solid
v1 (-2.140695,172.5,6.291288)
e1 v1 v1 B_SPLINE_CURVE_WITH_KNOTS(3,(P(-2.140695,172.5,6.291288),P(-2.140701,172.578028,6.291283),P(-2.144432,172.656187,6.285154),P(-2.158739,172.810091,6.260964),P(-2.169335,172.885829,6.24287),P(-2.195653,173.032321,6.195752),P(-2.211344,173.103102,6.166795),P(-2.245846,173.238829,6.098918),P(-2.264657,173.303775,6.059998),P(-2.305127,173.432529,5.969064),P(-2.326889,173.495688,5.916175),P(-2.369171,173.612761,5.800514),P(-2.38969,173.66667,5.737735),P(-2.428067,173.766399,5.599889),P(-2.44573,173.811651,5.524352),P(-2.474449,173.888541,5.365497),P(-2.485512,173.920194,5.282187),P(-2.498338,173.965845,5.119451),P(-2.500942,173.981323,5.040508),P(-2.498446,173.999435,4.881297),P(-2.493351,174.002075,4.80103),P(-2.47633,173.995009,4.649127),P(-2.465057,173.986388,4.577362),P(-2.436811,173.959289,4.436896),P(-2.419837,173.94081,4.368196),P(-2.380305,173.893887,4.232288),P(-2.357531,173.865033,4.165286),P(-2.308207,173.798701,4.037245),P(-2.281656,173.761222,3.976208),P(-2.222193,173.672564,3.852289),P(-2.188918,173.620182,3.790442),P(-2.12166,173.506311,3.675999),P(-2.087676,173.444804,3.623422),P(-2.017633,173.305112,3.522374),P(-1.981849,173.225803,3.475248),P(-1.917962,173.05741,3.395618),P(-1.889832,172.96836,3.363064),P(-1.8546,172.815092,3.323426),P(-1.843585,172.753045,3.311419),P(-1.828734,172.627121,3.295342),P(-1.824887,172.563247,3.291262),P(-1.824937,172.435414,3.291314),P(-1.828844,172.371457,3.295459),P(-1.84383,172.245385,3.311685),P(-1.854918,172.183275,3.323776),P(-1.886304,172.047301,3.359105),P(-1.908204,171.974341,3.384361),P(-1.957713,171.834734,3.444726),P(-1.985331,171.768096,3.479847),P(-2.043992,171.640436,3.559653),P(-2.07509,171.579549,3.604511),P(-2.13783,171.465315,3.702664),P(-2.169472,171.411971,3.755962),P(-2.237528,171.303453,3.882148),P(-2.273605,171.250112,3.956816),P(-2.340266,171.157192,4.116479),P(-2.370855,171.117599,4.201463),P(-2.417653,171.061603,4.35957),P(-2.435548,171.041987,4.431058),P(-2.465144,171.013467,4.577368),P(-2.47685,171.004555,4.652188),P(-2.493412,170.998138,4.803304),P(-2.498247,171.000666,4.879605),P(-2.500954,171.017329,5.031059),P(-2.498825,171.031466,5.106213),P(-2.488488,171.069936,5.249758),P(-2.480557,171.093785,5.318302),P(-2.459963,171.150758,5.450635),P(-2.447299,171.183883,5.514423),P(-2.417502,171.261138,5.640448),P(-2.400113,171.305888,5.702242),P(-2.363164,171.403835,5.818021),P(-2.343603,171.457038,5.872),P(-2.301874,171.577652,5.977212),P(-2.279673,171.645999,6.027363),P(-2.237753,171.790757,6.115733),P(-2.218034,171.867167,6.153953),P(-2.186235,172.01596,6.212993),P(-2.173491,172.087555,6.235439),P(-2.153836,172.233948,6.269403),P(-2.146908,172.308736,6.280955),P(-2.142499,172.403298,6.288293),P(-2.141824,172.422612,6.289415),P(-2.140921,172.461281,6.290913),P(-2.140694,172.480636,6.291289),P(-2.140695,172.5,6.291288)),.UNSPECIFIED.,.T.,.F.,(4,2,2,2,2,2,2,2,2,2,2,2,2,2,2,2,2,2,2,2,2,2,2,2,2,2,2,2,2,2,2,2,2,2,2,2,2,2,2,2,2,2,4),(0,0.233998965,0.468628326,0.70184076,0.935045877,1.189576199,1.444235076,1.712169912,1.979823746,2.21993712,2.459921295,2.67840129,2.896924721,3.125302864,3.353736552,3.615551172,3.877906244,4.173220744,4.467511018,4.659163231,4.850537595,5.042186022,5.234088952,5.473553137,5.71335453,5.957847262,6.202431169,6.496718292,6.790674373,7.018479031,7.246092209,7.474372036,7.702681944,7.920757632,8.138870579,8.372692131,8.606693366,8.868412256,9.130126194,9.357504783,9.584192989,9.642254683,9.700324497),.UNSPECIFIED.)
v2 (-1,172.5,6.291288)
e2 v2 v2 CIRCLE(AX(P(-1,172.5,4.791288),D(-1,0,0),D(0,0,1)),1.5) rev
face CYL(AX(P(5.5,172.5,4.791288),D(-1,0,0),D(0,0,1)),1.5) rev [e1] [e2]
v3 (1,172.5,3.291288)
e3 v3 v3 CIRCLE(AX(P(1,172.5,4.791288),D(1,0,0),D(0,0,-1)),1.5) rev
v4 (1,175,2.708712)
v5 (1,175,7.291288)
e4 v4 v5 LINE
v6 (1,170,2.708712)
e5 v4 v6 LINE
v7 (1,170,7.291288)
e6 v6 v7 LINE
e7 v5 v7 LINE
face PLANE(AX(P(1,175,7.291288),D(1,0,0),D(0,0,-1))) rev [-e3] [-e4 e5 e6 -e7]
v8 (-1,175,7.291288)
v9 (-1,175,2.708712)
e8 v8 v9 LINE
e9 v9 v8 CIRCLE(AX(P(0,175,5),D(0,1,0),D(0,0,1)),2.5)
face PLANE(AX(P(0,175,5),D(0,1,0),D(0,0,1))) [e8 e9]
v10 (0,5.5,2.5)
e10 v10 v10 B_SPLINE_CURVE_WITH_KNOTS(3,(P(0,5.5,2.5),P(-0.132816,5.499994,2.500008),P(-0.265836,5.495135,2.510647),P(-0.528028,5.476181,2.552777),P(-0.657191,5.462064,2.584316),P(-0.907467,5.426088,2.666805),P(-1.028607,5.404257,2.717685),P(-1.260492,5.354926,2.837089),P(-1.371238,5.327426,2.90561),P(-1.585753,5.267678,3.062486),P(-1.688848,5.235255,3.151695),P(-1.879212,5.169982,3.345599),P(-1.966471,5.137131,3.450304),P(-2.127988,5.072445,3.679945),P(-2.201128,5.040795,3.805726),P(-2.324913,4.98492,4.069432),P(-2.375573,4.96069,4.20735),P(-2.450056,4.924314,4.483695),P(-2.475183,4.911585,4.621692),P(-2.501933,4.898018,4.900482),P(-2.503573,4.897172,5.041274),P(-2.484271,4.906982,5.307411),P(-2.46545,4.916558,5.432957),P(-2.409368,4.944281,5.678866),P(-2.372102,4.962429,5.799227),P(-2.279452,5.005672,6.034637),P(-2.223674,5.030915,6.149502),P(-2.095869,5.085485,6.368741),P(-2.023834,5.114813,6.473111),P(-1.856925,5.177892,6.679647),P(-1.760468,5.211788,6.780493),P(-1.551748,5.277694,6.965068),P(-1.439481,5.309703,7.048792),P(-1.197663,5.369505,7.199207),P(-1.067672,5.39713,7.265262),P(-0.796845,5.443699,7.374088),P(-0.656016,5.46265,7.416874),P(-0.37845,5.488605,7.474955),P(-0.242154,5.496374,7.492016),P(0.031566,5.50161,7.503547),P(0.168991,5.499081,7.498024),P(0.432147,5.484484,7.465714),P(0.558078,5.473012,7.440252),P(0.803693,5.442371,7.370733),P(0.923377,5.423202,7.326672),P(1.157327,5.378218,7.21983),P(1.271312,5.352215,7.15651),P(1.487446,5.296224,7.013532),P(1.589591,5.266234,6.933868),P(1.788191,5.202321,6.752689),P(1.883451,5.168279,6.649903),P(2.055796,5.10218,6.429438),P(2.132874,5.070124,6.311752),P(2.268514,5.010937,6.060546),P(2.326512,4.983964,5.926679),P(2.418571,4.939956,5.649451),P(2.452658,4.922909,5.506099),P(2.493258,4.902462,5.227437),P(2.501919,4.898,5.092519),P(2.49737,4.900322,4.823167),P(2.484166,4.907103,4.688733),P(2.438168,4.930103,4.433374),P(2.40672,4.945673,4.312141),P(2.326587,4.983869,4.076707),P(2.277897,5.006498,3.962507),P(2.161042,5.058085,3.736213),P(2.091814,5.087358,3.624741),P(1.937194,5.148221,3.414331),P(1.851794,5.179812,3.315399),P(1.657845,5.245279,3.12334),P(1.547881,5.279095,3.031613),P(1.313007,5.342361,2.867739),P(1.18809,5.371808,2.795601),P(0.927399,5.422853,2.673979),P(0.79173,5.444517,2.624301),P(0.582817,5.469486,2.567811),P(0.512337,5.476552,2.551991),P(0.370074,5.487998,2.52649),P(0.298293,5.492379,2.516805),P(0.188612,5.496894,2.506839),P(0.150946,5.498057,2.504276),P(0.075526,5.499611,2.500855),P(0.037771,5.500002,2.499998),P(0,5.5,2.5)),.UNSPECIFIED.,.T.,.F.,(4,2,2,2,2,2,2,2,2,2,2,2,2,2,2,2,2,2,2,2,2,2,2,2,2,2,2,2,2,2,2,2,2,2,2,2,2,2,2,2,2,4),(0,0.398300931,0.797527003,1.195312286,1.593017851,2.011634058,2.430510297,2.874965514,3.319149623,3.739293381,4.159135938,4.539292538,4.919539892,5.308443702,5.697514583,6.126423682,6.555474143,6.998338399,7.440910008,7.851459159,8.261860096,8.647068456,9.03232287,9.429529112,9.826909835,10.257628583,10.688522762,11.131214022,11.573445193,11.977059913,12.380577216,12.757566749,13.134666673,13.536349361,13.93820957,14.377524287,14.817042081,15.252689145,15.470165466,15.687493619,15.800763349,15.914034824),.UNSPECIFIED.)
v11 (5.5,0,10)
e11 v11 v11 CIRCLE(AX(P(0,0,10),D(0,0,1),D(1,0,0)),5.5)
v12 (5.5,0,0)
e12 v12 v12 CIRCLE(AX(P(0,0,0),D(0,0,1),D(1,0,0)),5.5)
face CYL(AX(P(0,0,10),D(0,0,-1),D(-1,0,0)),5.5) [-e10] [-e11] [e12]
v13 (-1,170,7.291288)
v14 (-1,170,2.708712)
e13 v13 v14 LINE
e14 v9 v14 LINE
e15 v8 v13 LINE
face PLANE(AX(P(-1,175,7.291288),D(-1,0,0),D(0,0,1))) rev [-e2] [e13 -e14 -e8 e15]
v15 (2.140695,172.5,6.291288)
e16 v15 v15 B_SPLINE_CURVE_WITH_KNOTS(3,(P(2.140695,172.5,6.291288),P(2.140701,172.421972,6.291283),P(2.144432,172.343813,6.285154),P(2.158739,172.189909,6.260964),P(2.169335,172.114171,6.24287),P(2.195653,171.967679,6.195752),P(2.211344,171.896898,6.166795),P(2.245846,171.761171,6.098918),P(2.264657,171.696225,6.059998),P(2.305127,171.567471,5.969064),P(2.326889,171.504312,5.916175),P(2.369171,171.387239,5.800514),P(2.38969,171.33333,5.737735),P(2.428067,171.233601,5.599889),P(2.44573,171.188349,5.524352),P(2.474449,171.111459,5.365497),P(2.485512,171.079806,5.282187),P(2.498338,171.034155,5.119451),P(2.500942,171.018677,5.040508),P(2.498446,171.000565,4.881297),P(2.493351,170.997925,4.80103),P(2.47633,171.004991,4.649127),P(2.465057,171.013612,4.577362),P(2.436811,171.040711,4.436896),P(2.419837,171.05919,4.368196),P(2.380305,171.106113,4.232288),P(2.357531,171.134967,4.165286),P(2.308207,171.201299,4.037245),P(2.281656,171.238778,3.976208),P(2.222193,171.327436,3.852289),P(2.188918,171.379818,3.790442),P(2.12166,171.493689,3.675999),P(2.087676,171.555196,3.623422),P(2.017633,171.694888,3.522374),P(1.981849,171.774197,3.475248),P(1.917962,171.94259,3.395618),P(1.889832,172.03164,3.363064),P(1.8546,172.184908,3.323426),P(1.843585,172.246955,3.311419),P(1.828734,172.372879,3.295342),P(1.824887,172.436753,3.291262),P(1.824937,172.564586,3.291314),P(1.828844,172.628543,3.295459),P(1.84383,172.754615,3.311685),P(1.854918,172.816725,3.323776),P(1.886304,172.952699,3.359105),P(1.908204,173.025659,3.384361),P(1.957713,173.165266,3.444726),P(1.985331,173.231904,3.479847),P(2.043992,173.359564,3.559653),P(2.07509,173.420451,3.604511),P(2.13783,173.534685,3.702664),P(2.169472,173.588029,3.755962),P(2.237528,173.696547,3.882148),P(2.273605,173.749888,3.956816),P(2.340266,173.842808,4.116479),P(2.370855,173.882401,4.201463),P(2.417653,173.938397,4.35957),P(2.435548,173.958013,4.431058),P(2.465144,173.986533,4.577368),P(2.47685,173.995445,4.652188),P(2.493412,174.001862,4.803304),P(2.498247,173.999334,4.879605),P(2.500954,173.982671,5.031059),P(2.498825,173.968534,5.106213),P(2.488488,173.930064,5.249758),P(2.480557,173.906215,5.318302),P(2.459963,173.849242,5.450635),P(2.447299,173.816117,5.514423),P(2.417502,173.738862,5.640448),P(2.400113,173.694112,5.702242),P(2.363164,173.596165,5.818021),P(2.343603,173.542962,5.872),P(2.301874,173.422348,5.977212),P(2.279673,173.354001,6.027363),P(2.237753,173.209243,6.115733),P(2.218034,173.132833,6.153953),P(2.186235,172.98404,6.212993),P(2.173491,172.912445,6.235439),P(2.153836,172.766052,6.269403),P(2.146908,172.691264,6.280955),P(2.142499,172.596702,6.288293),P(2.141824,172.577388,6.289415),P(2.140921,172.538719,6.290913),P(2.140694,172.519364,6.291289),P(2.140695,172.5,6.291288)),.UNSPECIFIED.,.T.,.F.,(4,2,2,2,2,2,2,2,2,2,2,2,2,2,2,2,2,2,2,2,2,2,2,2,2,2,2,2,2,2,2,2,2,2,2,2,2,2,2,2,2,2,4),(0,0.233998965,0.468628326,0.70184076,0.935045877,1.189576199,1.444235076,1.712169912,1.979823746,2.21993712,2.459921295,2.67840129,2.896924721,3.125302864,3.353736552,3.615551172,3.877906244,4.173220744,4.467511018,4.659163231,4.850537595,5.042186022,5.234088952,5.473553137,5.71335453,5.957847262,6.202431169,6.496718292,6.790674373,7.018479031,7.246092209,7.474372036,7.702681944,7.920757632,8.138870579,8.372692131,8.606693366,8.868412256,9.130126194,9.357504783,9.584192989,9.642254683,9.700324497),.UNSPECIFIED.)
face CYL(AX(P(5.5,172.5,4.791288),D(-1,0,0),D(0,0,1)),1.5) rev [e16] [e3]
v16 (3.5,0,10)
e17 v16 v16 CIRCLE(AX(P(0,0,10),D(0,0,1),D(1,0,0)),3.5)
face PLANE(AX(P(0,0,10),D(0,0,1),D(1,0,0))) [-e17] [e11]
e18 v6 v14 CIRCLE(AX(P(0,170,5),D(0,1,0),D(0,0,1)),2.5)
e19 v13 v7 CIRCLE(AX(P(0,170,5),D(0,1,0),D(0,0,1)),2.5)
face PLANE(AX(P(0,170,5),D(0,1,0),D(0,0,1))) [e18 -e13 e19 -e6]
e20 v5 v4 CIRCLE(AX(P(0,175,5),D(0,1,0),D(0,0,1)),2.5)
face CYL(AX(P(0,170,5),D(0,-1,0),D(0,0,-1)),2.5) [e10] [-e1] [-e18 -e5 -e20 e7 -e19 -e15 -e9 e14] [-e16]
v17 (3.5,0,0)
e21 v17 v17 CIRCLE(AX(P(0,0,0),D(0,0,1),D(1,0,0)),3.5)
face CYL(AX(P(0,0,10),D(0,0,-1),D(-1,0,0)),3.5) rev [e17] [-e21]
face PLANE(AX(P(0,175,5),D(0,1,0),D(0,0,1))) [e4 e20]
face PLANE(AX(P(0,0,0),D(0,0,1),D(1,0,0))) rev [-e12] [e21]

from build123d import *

# Parameters (mm, degrees)
SKETCH1_R               = 5.5
SKETCH1_R_2             = 3.5
BOSS_EXTRUDE1_DEPTH     = 10
SKETCH2_R               = 2.5
BOSS_EXTRUDE2_DEPTH     = 170
SKETCH3_R               = 3.5
CUT_EXTRUDE1_DEPTH      = 11
BOSS_EXTRUDE3_DEPTH     = 5
SKETCH5_R               = 1.5
CUT_EXTRUDE2_DEPTH      = 7.5
CUT_EXTRUDE2_DEPTH_BACK = 5


with BuildPart() as part:
    # Sketch1 → Boss-Extrude1 (new body)
    with BuildSketch(Plane.XY):
        Circle(SKETCH1_R)
        Circle(SKETCH1_R_2, mode=Mode.SUBTRACT)
    extrude(amount=BOSS_EXTRUDE1_DEPTH)

    # Sketch2 → Boss-Extrude2 (add)
    with BuildSketch(Plane(origin=(0, 0, 0), x_dir=(1, 0, 0), z_dir=(0, 1, 0))):
        with Locations((0, -5)):
            Circle(SKETCH2_R)
    extrude(amount=BOSS_EXTRUDE2_DEPTH)

    # Sketch3 → Cut-Extrude1 (cut, through all)
    with BuildSketch(Plane.XY.offset(10)):
        Circle(SKETCH3_R)
    extrude(amount=-CUT_EXTRUDE1_DEPTH, mode=Mode.SUBTRACT)

    # Sketch4 → Boss-Extrude3 (add)
    with BuildSketch(Plane(origin=(0, 170, 0), x_dir=(1, 0, 0), z_dir=(0, 1, 0))):
        with BuildLine():
            Line((1, -7.291288), (1, -2.708712))
            ThreePointArc((1, -2.708712), (2.5, -5), (1, -7.291288))
        make_face()
        with BuildLine():
            Line((-1, -7.291288), (-1, -2.708712))
            ThreePointArc((-1, -2.708712), (-2.5, -5), (-1, -7.291288))
        make_face()
    extrude(amount=BOSS_EXTRUDE3_DEPTH)

    # Sketch5 → Cut-Extrude2 (cut, two sides)
    with BuildSketch(Plane(origin=(-1, 0, 0), x_dir=(0, 0, -1), z_dir=(1, 0, 0))) as cut_extrude2_sk:
        with Locations((-4.791288, 172.5)):
            Circle(SKETCH5_R)
    extrude(amount=CUT_EXTRUDE2_DEPTH, mode=Mode.SUBTRACT)
    extrude(cut_extrude2_sk.sketch, amount=-CUT_EXTRUDE2_DEPTH_BACK, mode=Mode.SUBTRACT)


solid = part.part
